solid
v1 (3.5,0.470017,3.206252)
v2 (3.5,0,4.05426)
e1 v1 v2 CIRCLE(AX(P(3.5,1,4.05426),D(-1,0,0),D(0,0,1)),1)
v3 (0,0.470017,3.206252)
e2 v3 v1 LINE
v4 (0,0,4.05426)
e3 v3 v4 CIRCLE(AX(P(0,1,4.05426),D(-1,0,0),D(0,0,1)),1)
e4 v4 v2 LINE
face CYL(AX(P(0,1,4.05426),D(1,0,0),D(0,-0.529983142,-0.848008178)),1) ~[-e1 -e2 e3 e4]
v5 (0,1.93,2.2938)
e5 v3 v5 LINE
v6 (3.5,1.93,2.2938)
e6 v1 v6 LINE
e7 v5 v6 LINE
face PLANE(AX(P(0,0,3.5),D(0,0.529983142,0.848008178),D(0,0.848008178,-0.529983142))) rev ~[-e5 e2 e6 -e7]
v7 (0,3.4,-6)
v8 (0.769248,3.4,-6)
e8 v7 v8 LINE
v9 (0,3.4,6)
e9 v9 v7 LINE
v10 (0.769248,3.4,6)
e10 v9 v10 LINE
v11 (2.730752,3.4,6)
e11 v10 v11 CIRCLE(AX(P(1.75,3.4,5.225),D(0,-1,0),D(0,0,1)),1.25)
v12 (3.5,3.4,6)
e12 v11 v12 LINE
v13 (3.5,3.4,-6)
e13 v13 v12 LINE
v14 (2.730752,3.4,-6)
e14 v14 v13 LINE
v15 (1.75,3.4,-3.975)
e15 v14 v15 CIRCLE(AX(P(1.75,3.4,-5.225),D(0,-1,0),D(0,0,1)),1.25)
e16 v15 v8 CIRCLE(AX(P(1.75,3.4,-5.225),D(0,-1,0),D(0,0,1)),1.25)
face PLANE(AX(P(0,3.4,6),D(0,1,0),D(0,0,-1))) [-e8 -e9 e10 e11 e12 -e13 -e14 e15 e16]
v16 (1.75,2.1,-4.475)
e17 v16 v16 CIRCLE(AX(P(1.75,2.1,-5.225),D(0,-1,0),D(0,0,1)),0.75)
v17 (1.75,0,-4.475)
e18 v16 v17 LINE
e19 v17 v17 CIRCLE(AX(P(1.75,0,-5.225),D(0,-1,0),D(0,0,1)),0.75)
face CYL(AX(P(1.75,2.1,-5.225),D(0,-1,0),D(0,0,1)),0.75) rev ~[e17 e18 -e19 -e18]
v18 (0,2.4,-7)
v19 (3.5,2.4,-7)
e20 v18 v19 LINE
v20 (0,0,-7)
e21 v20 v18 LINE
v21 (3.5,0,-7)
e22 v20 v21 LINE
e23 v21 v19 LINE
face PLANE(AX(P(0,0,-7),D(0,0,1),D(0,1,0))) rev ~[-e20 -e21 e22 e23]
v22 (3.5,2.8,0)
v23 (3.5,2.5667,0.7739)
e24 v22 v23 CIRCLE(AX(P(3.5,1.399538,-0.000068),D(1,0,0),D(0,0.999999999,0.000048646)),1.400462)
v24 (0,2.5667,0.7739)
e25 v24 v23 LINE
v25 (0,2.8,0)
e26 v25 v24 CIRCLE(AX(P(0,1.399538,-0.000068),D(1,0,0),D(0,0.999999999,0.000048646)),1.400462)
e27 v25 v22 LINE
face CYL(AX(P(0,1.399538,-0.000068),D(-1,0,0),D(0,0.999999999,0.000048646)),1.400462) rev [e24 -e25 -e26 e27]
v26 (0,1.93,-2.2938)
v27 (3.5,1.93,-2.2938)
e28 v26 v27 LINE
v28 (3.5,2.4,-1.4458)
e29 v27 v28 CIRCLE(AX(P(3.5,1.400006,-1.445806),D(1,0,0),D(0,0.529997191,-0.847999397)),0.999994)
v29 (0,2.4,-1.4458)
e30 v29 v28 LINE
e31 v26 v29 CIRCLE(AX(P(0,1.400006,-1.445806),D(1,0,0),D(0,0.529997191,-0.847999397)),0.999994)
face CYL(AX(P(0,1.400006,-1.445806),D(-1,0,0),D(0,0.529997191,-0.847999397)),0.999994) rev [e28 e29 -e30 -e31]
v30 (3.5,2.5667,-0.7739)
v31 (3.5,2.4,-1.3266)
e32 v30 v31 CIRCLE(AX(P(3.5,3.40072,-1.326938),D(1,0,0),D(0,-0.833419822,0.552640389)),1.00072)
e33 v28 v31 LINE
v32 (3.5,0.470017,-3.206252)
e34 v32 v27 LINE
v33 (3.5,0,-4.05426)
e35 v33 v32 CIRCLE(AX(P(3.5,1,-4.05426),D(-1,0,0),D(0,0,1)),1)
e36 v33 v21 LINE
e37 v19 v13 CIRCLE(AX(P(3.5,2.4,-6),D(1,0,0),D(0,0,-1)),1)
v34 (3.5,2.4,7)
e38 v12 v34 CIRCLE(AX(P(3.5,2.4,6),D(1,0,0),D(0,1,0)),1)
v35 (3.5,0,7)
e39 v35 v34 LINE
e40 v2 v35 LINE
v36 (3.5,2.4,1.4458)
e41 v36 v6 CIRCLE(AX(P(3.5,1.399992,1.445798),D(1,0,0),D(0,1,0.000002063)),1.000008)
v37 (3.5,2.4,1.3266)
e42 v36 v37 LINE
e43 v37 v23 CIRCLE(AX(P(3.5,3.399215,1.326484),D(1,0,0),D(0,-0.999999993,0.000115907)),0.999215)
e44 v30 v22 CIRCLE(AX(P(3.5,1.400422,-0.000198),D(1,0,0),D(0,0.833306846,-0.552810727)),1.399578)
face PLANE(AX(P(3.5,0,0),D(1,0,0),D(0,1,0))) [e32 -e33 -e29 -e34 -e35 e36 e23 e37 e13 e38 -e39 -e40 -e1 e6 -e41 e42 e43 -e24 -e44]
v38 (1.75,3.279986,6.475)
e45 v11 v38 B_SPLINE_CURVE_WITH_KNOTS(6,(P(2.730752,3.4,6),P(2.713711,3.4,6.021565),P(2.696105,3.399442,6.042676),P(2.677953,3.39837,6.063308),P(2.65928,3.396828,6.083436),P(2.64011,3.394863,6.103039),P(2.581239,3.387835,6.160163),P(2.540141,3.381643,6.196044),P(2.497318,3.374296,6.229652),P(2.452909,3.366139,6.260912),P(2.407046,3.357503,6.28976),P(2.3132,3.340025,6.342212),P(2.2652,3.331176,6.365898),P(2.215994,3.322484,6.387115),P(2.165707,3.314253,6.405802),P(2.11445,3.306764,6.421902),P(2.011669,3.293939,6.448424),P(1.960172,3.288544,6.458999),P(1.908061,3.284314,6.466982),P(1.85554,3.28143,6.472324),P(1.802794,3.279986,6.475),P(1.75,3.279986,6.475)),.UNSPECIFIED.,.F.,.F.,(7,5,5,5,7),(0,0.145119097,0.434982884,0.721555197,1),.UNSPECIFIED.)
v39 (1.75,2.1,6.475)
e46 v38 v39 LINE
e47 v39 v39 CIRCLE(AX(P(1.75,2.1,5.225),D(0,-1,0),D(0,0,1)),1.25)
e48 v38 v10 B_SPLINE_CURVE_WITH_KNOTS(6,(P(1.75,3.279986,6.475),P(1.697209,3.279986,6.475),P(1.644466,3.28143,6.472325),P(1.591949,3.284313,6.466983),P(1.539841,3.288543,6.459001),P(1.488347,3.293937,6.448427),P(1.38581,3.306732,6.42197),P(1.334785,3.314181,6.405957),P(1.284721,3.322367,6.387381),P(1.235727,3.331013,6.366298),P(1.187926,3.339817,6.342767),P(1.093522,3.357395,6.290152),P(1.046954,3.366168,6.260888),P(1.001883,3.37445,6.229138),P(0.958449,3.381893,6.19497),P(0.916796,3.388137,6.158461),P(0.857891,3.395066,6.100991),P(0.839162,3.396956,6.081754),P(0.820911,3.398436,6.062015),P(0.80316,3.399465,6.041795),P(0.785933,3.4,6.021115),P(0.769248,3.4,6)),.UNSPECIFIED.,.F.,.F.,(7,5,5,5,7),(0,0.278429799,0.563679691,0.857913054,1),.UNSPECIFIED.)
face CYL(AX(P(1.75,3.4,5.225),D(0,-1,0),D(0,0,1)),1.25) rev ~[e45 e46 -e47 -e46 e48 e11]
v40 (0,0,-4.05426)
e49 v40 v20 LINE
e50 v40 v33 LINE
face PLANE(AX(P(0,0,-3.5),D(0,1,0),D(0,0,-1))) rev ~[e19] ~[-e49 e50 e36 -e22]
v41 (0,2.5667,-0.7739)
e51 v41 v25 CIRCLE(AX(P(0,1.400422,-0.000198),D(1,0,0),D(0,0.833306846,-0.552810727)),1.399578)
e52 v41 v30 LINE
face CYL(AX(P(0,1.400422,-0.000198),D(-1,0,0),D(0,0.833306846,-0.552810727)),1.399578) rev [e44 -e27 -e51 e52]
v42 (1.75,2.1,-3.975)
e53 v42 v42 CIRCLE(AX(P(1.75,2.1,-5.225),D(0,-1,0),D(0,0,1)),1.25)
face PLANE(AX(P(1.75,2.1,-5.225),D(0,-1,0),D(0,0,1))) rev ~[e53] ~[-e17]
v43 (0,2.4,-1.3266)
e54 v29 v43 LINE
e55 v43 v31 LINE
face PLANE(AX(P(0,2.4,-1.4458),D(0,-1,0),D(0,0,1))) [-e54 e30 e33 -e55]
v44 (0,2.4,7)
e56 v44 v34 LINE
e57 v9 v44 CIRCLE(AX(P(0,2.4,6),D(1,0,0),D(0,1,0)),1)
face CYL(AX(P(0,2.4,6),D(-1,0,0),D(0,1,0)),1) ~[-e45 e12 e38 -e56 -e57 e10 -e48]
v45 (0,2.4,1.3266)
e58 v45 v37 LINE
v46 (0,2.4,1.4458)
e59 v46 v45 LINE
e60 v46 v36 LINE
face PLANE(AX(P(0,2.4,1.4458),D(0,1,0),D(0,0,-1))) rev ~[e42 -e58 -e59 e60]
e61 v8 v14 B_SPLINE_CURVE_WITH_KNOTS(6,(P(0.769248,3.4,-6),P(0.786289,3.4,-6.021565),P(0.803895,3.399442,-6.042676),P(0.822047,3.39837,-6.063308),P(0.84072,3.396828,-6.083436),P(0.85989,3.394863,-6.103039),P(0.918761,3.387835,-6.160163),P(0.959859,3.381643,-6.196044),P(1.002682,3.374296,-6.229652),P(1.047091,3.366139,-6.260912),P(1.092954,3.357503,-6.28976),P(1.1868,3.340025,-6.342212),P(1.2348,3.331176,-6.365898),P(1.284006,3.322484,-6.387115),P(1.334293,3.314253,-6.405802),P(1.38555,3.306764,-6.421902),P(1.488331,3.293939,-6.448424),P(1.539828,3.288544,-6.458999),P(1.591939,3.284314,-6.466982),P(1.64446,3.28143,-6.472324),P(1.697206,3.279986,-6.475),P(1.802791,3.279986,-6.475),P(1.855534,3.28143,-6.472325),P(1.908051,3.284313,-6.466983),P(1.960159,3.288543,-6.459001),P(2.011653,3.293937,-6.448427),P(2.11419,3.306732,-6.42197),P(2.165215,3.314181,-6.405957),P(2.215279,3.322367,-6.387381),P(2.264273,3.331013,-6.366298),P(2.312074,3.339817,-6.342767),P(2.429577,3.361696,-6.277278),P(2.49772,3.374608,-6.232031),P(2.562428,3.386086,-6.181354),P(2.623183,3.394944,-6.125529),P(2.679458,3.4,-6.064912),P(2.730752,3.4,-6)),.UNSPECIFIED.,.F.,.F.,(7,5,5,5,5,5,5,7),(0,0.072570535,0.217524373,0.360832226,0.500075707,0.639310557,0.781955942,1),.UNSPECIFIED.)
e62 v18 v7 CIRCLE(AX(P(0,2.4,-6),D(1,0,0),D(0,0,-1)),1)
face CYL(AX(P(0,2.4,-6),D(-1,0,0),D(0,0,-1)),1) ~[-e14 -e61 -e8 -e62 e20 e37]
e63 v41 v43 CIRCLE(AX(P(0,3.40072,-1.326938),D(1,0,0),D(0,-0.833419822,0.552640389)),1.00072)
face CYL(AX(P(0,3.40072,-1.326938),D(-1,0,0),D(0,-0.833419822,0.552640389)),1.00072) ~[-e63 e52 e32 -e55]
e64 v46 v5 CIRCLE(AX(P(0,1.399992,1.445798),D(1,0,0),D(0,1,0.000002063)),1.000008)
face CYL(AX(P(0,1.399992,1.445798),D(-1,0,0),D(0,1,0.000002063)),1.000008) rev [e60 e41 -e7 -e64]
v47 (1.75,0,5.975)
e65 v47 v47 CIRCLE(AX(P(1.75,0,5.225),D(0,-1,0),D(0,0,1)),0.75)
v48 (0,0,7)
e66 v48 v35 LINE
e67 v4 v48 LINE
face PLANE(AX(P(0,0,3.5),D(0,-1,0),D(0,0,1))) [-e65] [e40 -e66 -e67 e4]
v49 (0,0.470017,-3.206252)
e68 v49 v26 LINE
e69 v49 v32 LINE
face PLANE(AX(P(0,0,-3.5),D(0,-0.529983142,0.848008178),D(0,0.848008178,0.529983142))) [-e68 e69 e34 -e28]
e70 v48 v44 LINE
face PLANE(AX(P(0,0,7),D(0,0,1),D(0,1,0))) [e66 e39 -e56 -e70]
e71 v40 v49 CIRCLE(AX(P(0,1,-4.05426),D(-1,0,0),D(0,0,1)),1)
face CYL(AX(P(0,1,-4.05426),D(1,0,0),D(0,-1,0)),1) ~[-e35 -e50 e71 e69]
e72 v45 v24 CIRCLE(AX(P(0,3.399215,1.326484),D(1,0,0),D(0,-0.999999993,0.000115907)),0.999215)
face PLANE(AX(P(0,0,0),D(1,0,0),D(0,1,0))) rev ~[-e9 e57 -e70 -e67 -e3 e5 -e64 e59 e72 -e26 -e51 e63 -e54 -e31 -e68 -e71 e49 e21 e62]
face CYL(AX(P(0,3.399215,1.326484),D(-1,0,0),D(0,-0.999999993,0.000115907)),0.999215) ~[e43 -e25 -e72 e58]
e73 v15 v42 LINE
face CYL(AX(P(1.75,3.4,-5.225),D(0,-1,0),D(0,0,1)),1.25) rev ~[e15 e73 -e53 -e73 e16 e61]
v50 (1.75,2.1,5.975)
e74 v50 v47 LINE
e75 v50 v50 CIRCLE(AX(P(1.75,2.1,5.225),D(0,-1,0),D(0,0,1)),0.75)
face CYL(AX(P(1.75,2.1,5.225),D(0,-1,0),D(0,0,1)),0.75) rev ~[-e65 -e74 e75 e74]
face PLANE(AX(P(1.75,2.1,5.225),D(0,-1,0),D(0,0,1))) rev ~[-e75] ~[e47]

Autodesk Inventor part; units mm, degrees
ref_plane "YZ Plane" through (0, 0, 0) normal (1, 0, 0) x (0, 1, 0)
ref_plane "XZ Plane" through (0, 0, 0) normal (0, 1, 0) x (-1, 0, 0)
ref_plane "XY Plane" through (0, 0, 0) normal (0, 0, 1) x (1, 0, 0)
sketch "Sketch1" plane through (0, 0, 0) normal (1, 0, 0) x (0, 1, 0)
  arc A0 (2.8, 0) -> (2.5667, 0.7739) centre (1.4, 0) ccw
  line L0 (0, 7.7385) -> (0, -8.1997) construction
  line L1 (-1.7375, 0) -> (6.7594, 0) construction
  line L2 (0, 3.5) -> (1.93, 2.2938)
  line L3 (2.4, 1.4458) -> (2.4, 1.3266)
  arc A1 (2.4, 1.4458) -> (1.93, 2.2938) centre (1.4, 1.4458) ccw
  line L4 (0, 3.5) -> (0, 7)
  line L5 (0, 7) -> (2.4, 7)
  line L6 (3.4, 6) -> (3.4, 0)
  arc A2 (3.4, 6) -> (2.4, 7) centre (2.4, 6) ccw
  arc A3 (2.4, 1.3266) -> (2.5667, 0.7739) centre (3.4, 1.3266) ccw
  arc A4 (2.5667, -0.7739) -> (2.8, 0) centre (1.4, 0) ccw
  line L7 (0, -3.5) -> (1.93, -2.2938)
  line L8 (2.4, -1.4458) -> (2.4, -1.3266)
  arc A5 (1.93, -2.2938) -> (2.4, -1.4458) centre (1.4, -1.4458) ccw
  line L9 (0, -3.5) -> (0, -7)
  line L10 (0, -7) -> (2.4, -7)
  line L11 (3.4, -6) -> (3.4, 0)
  arc A6 (2.4, -7) -> (3.4, -6) centre (2.4, -6) ccw
  arc A7 (2.5667, -0.7739) -> (2.4, -1.3266) centre (3.4, -1.3266) ccw
  point P0 (0, 0)
  point P1 (2.4, 2)
  point P2 (2.4, 0.9798)
  point P3 (3.4, 7)
  point P4 (0, -7.7385)
  dimension "d0" = 2.8
  dimension "d1" = 1
  dimension "d2" = 3.5
  dimension "d3" = 2
  dimension "d4" = 1
  dimension "d5" = 7
  dimension "d6" = 2
  dimension "d7" = 7
  dimension "d8" = 1
  dimension "d9" = 1
extrude "Extrusion1" add sketch "Sketch1" along normal blind 3.5
sketch "Sketch2" plane through (0, 3.4, 6) normal (0, 1, 0) x (1, 0, 0)
  line L0 (0, 6) -> (3.5416, 6) construction
  line L1 (0, -1) -> (3.5, -1) projected
  line L2 (1.75, -1) -> (1.75, 12.2689) construction
  point P0 (1.75, 0.775)
  point P1 (1.75, 11.225)
  dimension "d12" = 5.225
hole "Hole1" at (1.75, 3.4, 5.225) at (1.75, 3.4, -5.225) direction (0, -1, 0) diameter 1.5 end through all counterbore diameter 2.5 counterbore depth 1.3
fillet "Fillet1" radius 1 2 edges at (1.75, 0, 3.5) (1.75, 0, -3.5)
properties part number "3rd_phalanx_fingertip_holer"
